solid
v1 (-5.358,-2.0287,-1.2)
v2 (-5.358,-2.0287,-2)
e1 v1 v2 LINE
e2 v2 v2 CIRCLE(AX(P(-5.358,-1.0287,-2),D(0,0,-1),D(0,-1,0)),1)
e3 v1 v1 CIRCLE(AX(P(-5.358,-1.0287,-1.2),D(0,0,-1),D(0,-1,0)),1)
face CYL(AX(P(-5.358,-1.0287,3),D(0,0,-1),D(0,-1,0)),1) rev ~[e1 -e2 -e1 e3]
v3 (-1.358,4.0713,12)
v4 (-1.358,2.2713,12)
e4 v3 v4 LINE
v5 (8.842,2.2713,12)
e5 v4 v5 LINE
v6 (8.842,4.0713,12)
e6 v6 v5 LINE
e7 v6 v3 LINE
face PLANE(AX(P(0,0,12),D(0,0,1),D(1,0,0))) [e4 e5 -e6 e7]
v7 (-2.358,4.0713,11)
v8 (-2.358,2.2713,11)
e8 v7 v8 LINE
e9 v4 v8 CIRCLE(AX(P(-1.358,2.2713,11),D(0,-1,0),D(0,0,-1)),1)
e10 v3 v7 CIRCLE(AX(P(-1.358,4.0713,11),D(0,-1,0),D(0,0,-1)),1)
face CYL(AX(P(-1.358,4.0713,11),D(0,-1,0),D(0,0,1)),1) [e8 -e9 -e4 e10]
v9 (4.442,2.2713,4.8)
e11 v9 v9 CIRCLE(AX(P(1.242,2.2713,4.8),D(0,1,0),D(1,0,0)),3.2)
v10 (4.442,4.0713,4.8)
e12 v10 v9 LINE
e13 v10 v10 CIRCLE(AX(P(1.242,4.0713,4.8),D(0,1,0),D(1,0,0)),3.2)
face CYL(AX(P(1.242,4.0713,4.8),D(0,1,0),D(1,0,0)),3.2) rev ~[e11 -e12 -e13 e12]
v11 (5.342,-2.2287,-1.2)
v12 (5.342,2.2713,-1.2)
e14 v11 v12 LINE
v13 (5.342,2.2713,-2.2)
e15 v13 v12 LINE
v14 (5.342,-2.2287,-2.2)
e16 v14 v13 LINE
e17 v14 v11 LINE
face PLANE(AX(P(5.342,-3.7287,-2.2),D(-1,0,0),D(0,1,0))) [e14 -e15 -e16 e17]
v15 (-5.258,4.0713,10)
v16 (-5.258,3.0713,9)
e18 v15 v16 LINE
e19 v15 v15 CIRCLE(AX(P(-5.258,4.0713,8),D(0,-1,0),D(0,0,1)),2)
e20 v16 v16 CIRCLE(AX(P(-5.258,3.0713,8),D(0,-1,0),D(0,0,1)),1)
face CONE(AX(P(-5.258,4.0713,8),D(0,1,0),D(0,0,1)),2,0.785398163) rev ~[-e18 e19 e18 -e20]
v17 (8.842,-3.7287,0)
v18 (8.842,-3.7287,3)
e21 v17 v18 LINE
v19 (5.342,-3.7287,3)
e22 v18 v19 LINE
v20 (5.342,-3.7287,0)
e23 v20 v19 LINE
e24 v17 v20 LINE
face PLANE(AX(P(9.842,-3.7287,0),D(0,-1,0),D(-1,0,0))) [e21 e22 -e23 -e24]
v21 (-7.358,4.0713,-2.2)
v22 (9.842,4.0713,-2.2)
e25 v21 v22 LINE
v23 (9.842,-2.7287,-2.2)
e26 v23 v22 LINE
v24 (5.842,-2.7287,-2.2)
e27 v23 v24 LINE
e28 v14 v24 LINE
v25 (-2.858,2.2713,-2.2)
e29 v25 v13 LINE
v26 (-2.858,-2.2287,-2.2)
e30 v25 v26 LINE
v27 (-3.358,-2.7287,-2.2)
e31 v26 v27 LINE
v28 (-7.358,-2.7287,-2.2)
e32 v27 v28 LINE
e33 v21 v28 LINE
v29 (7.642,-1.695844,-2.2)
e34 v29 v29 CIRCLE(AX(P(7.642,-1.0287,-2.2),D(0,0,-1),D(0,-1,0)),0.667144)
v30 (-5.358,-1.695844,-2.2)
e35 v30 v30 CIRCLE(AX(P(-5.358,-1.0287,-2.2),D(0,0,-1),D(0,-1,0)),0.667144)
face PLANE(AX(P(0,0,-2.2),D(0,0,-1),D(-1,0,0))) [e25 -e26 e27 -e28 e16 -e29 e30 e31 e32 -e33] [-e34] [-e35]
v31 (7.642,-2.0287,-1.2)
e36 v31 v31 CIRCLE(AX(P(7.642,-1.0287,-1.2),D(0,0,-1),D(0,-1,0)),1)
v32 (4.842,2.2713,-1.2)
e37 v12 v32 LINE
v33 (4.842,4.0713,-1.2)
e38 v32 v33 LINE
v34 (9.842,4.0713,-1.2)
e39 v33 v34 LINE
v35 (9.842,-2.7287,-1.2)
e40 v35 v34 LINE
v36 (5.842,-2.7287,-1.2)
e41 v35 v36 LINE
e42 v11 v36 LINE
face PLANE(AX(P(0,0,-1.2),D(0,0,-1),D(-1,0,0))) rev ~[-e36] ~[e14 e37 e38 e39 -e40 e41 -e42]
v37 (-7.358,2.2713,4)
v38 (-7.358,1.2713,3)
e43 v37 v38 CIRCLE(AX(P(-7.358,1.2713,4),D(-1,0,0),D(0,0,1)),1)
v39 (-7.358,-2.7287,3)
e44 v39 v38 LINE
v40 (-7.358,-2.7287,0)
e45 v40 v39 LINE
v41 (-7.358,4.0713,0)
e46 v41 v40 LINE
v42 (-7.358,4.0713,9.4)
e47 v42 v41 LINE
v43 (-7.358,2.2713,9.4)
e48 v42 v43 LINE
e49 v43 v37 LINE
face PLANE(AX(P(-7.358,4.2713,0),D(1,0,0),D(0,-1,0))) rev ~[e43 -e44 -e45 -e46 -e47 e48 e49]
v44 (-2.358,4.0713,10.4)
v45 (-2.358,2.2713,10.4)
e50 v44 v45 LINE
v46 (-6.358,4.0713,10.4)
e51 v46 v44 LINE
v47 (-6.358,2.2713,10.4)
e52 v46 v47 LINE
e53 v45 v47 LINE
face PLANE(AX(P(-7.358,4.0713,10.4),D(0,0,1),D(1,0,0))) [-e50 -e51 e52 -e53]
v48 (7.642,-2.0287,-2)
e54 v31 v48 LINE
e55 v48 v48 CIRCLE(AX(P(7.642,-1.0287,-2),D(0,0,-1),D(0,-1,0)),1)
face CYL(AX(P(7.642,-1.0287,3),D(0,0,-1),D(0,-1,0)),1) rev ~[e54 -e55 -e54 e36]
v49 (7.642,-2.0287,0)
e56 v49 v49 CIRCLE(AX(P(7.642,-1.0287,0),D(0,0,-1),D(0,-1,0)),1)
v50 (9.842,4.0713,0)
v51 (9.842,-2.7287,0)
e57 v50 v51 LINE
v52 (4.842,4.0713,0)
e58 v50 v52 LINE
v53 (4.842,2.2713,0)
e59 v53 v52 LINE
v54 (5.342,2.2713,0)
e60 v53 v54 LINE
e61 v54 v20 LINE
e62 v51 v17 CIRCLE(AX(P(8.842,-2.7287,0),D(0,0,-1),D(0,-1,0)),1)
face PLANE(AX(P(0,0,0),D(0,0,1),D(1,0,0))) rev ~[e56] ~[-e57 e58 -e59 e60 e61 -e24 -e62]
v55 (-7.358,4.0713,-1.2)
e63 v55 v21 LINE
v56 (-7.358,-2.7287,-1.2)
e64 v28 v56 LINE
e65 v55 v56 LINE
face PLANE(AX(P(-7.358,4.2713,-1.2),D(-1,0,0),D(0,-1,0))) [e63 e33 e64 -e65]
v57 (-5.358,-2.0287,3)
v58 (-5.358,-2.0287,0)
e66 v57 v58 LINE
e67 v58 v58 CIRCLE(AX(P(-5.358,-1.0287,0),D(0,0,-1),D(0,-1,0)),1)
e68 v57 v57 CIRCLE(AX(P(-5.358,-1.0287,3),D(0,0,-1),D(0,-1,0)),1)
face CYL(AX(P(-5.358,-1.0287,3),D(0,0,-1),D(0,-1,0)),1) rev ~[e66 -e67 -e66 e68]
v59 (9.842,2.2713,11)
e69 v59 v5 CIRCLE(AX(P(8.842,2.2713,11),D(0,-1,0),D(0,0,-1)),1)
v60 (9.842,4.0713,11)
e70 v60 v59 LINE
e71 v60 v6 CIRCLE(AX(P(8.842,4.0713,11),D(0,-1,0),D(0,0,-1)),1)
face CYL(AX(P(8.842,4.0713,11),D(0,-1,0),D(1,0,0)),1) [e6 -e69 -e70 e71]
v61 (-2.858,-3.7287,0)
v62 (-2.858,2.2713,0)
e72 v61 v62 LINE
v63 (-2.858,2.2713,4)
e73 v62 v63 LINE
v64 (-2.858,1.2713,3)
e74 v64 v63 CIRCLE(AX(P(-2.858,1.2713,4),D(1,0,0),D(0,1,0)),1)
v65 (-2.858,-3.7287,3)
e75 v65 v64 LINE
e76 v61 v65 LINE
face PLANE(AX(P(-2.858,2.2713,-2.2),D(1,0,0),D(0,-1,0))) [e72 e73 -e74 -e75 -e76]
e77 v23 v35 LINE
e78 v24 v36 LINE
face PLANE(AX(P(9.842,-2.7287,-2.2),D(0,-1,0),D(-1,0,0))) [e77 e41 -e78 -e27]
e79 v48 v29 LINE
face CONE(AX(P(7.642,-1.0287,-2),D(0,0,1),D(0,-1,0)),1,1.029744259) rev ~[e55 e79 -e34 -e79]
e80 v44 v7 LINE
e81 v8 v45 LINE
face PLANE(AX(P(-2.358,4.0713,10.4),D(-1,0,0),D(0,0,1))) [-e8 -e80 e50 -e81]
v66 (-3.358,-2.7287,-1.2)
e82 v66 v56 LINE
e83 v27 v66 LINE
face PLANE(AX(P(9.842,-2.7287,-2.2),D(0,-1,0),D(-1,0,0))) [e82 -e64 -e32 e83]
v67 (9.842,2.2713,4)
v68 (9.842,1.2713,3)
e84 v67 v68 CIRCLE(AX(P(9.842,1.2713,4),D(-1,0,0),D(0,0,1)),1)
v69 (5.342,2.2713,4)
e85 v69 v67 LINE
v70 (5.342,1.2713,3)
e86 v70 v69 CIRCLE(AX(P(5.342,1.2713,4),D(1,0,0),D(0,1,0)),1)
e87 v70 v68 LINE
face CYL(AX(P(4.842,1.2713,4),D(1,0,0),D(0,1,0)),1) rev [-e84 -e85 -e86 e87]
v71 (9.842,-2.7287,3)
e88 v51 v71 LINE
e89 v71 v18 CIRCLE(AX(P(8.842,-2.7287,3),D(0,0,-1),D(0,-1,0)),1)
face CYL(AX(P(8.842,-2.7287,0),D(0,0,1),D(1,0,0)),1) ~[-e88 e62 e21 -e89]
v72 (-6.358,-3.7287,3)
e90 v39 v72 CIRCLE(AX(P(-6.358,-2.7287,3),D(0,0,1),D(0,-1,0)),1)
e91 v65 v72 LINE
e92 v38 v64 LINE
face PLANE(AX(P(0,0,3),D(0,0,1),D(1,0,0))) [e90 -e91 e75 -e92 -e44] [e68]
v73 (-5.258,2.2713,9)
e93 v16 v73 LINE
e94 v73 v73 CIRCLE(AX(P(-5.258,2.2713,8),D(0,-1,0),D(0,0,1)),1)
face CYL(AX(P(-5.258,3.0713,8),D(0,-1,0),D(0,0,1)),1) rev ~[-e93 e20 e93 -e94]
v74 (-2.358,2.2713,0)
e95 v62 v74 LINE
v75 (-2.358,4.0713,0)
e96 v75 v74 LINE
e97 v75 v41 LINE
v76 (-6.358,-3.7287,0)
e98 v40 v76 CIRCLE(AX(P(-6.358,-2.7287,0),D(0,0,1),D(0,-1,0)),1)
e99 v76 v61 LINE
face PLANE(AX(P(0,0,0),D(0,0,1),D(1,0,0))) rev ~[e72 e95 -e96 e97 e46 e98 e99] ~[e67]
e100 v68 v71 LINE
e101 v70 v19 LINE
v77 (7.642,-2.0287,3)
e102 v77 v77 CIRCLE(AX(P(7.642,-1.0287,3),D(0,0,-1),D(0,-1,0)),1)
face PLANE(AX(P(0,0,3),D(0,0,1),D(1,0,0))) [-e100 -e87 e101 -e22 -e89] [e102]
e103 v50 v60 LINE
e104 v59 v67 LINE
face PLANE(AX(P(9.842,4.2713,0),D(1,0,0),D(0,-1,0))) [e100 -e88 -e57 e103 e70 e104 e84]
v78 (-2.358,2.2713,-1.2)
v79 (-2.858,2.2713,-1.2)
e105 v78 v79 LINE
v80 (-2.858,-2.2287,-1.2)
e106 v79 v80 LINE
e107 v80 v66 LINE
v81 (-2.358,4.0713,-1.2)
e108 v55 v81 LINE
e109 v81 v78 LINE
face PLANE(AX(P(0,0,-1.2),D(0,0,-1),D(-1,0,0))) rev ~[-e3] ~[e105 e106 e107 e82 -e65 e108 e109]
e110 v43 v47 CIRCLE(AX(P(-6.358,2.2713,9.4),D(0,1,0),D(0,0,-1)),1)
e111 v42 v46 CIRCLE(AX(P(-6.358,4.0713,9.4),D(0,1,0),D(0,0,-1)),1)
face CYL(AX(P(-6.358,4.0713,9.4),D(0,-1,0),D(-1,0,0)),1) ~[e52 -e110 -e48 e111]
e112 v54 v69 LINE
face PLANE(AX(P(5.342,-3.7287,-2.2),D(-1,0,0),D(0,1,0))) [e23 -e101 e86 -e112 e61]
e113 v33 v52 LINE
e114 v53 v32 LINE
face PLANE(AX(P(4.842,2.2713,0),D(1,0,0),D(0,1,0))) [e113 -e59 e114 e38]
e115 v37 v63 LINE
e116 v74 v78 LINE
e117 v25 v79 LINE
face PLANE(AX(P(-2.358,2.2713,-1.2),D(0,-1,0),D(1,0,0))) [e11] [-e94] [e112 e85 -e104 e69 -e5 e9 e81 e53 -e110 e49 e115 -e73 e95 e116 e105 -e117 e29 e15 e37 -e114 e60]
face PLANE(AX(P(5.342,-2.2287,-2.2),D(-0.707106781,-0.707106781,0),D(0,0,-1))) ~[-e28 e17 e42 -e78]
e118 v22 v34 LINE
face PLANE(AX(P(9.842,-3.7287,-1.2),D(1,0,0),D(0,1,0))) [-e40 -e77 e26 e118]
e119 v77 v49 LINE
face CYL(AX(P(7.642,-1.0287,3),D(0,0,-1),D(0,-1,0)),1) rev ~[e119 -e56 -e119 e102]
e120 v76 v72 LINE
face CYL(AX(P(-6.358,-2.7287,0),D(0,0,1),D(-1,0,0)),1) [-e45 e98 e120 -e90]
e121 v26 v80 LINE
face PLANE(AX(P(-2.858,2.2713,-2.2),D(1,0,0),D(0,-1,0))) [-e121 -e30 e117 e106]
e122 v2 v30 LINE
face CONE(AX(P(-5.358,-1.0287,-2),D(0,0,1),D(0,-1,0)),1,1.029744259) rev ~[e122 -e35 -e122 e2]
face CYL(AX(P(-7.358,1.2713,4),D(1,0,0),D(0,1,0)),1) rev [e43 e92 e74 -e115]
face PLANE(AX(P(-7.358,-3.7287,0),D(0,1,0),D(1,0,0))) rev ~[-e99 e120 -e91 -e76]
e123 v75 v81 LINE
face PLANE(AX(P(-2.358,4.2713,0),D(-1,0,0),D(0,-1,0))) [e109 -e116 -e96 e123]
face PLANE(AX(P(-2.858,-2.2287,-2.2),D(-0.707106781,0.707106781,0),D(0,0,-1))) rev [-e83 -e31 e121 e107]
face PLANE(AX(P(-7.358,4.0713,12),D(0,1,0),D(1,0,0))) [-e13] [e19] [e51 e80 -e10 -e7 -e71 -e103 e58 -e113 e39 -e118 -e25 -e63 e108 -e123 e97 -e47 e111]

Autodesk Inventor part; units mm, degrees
ref_plane "YZ Plane" through (0, 0, 0) normal (1, 0, 0) x (0, 1, 0)
ref_plane "XZ Plane" through (0, 0, 0) normal (0, 1, 0) x (-1, 0, 0)
ref_plane "XY Plane" through (0, 0, 0) normal (0, 0, 1) x (1, 0, 0)
sketch "Sketch1" plane through (0, 0, 0) normal (0, 0, 1) x (1, 0, 0)
  line L0 (-2.358, 4.2713) -> (4.842, 4.2713)
  line L1 (4.842, 4.2713) -> (4.842, 2.2713)
  line L2 (4.842, 2.2713) -> (-2.358, 2.2713)
  line L3 (-2.358, 2.2713) -> (-2.358, 4.2713)
  line L4 (-2.358, 4.2713) -> (-7.358, 4.2713)
  line L5 (-7.358, 4.2713) -> (-7.358, -3.7287)
  line L6 (-7.358, -3.7287) -> (-2.358, -3.7287)
  line L7 (-2.358, -3.7287) -> (-2.358, 4.2713)
  line L8 (4.842, 4.2713) -> (9.842, 4.2713)
  line L9 (9.842, 4.2713) -> (9.842, -3.7287)
  line L10 (9.842, -3.7287) -> (4.842, -3.7287)
  line L11 (4.842, -3.7287) -> (4.842, 4.2713)
  point P0 (0, 0)
  point P1 (-2.358, 2.2713)
  point P2 (4.842, 2.2713)
  point P3 (-2.358, 2.2713)
  dimension "d0" = 7.2
  dimension "d1" = 2
  dimension "d2" = 8
  dimension "d3" = 5
  dimension "d4" = 5
extrude "Extrusion1" add sketch "Sketch1" along normal blind 12
sketch "Sketch2" plane through (0, 0, 0) normal (0, 0, -1) x (-1, 0, 0)
  line L0 (2.358, 2.2713) -> (-4.842, 2.2713) projected
  line L1 (-9.842, 4.2713) -> (7.358, 4.2713) projected
  line L2 (2.358, 2.2713) -> (-4.842, 2.2713)
  line L3 (-4.842, 2.2713) -> (-4.842, 4.2713)
  line L4 (-4.842, 4.2713) -> (2.358, 4.2713)
  line L5 (2.358, 4.2713) -> (2.358, 2.2713)
  line L6 (-4.842, 2.2713) -> (-4.842, -3.7287) projected
  point P0 (0, 0)
  point P1 (-4.842, 2.2713)
extrude "Extrusion2" add sketch "Sketch2" along normal blind 1.2
sketch "Sketch3" plane through (0, 0, -1.2) normal (0, 0, -1) x (-1, 0, 0)
  line L0 (-9.842, -3.7287) -> (-9.842, 4.2713) projected
  line L1 (7.358, 4.2713) -> (7.358, -3.7287) projected
  line L2 (-9.842, 4.2713) -> (7.358, 4.2713)
  line L3 (7.358, 4.2713) -> (7.358, -3.7287)
  line L4 (7.358, -3.7287) -> (-9.842, -3.7287)
  line L5 (-9.842, -3.7287) -> (-9.842, 4.2713)
  point P0 (0, 0)
extrude "Extrusion3" add sketch "Sketch3" along normal blind 1
sketch "Sketch4" plane through (0, 0, 12) normal (0, 0, 1) x (1, 0, 0)
  line L0 (-7.358, -3.7287) -> (-7.358, 4.2713) projected
  line L1 (9.842, 4.2713) -> (9.842, -3.7287) projected
  line L2 (-7.358, 2.2713) -> (9.842, 2.2713)
  line L3 (9.842, 2.2713) -> (9.842, -3.7287)
  line L4 (9.842, -3.7287) -> (-7.358, -3.7287)
  line L5 (-7.358, -3.7287) -> (-7.358, 2.2713)
  line L6 (-2.358, 2.2713) -> (4.842, 2.2713) projected
  point P0 (0, 0)
extrude "Extrusion4" cut sketch "Sketch4" against normal blind 9
sketch "Sketch5" plane through (0, 0, 3) normal (0, 0, 1) x (1, 0, 0)
  line L0 (9.842, 4.2713) -> (-7.358, 4.2713) projected
  line L1 (-2.358, 2.2713) -> (-2.358, -3.7287) projected
  line L2 (4.842, -3.7287) -> (4.842, 2.2713) projected
  point P0 (0, 0)
  point P1 (-5.358, -1.0287)
  point P2 (7.642, -1.0287)
  dimension "d13" = 5.3
  dimension "d14" = 3
  dimension "d15" = 5.3
  dimension "d16" = 2.8
hole "Hole1" at (-5.358, -1.0287, 3) at (7.642, -1.0287, 3) direction (0, 0, -1) diameter 2 depth 5 tip angle 118
sketch "Sketch6" plane through (0, 0, -1.2) normal (0, 0, 1) x (1, 0, 0)
  line L0 (-2.358, 2.2713) -> (-2.358, -3.7287) projected
  line L1 (4.842, 2.2713) -> (4.842, -3.7287) projected
  line L2 (-2.358, 2.2713) -> (4.842, 2.2713)
  line L3 (4.842, 2.2713) -> (4.842, -3.7287)
  line L4 (4.842, -3.7287) -> (-2.358, -3.7287)
  line L5 (-2.358, -3.7287) -> (-2.358, 2.2713)
  point P0 (0, 0)
  point P1 (4.842, 2.2713)
extrude "Extrusion5" cut sketch "Sketch6" against normal blind 2
sketch "Sketch7" plane through (-7.358, 4.2713, 12) normal (0, 1, 0) x (1, 0, 0)
  line L0 (0, 14.2) -> (17.2, 14.2) projected
  line L1 (17.2, 12) -> (17.2, 0) projected
  line L2 (0, 14.2) -> (17.2, 14.2)
  line L3 (17.2, 14.2) -> (17.2, 0)
  line L4 (17.2, 0) -> (0, 0)
  line L5 (0, 0) -> (0, 14.2)
  point P0 (7.358, 12)
extrude "Extrusion6" cut sketch "Sketch7" against normal blind 0.2
sketch "Sketch8" plane through (-7.358, 4.0713, 12) normal (0, 1, 0) x (1, 0, 0)
  line L0 (0, 14.2) -> (17.2, 14.2) projected
  circle A0 centre (8.6, 7.2) radius 3.2
  point P0 (7.358, 12)
  dimension "d31" = 7
  dimension "d32" = 6.4
extrude "Extrusion7" cut sketch "Sketch8" against normal blind 2
sketch "Sketch9" plane through (-7.358, 4.0713, 12) normal (0, 1, 0) x (1, 0, 0)
  line L0 (0, 9) -> (0, 0) projected
  line L1 (0, 0) -> (17.2, 0) projected
  line L2 (0, 1.6) -> (5, 1.6)
  line L3 (5, 1.6) -> (5, 0)
  line L4 (5, 0) -> (0, 0)
  line L5 (0, 0) -> (0, 1.6)
  point P0 (7.358, 12)
  dimension "d35" = 1.6
  dimension "d36" = 5
extrude "Extrusion8" cut sketch "Sketch9" against normal blind 2
fillet "Fillet1" radius 1 2 edges at (-4.858, 2.2713, 3) (7.342, 2.2713, 3)
fillet "Fillet2" radius 1 3 edges at (-7.358, 3.1713, 10.4) (9.842, 3.1713, 12) (-2.358, 3.1713, 12)
sketch "Sketch10" plane through (0, 0, -2.2) normal (0, 0, -1) x (-1, 0, 0)
  line L0 (7.358, -3.7287) -> (2.358, -3.7287) projected
  line L1 (-9.842, 4.0713) -> (-9.842, -3.7287) projected
  line L2 (7.358, -3.7287) -> (-9.842, -3.7287)
  line L3 (-9.842, -3.7287) -> (-9.842, -2.7287)
  line L4 (-9.842, -2.7287) -> (7.358, -2.7287)
  line L5 (7.358, -2.7287) -> (7.358, -3.7287)
  point P0 (0, 0)
  point P1 (-9.842, -3.7287)
  point P2 (2.358, -3.7287)
  dimension "d45" = 1
extrude "Extrusion9" cut sketch "Sketch10" against normal blind 1
fillet "Fillet4" radius 1 2 edges at (-7.358, -3.7287, 1.5) (9.842, -3.7287, 1.5)
chamfer "Chamfer3" distance 1 angle 45 2 edges at (-2.358, -2.7287, -1.7) (4.842, -2.7287, -1.7)
sketch "Sketch11" plane through (0, 0, -2.2) normal (0, 0, -1) x (-1, 0, 0)
  line L0 (-9.842, 2.2713) -> (-4.842, 2.2713) projected
  line L1 (-5.342, 2.2713) -> (2.858, 2.2713)
  line L2 (2.858, 2.2713) -> (2.858, -3.7287)
  line L3 (2.858, -3.7287) -> (-5.342, -3.7287)
  line L4 (-5.342, -3.7287) -> (-5.342, 2.2713)
  line L5 (-4.842, -1.7287) -> (-4.842, 2.2713) projected
  line L6 (2.358, 2.2713) -> (2.358, -1.7287) projected
  line L7 (-4.842, -3.7287) -> (-8.842, -3.7287) projected
  point P0 (0, 0)
  dimension "d52" = 8.2
  dimension "d53" = 0.5
  dimension "d54" = 0.5
extrude "Extrusion10" cut sketch "Sketch11" against normal blind 10
sketch "Sketch12" plane through (-7.358, 4.0713, 12) normal (0, 1, 0) x (1, 0, 0)
  line L0 (0, 2.6) -> (0, 12) projected
  line L1 (1, 1.6) -> (5, 1.6) projected
  point P0 (7.358, 12)
  point P1 (2.1, 4)
  dimension "d57" = 2.1
  dimension "d58" = 2.4
hole "Hole2" at (-5.258, 4.0713, 8) direction (0, -1, 0) diameter 2 depth 5 tip angle 118 countersink diameter 4 countersink angle 90
properties part number "switch-mount"
